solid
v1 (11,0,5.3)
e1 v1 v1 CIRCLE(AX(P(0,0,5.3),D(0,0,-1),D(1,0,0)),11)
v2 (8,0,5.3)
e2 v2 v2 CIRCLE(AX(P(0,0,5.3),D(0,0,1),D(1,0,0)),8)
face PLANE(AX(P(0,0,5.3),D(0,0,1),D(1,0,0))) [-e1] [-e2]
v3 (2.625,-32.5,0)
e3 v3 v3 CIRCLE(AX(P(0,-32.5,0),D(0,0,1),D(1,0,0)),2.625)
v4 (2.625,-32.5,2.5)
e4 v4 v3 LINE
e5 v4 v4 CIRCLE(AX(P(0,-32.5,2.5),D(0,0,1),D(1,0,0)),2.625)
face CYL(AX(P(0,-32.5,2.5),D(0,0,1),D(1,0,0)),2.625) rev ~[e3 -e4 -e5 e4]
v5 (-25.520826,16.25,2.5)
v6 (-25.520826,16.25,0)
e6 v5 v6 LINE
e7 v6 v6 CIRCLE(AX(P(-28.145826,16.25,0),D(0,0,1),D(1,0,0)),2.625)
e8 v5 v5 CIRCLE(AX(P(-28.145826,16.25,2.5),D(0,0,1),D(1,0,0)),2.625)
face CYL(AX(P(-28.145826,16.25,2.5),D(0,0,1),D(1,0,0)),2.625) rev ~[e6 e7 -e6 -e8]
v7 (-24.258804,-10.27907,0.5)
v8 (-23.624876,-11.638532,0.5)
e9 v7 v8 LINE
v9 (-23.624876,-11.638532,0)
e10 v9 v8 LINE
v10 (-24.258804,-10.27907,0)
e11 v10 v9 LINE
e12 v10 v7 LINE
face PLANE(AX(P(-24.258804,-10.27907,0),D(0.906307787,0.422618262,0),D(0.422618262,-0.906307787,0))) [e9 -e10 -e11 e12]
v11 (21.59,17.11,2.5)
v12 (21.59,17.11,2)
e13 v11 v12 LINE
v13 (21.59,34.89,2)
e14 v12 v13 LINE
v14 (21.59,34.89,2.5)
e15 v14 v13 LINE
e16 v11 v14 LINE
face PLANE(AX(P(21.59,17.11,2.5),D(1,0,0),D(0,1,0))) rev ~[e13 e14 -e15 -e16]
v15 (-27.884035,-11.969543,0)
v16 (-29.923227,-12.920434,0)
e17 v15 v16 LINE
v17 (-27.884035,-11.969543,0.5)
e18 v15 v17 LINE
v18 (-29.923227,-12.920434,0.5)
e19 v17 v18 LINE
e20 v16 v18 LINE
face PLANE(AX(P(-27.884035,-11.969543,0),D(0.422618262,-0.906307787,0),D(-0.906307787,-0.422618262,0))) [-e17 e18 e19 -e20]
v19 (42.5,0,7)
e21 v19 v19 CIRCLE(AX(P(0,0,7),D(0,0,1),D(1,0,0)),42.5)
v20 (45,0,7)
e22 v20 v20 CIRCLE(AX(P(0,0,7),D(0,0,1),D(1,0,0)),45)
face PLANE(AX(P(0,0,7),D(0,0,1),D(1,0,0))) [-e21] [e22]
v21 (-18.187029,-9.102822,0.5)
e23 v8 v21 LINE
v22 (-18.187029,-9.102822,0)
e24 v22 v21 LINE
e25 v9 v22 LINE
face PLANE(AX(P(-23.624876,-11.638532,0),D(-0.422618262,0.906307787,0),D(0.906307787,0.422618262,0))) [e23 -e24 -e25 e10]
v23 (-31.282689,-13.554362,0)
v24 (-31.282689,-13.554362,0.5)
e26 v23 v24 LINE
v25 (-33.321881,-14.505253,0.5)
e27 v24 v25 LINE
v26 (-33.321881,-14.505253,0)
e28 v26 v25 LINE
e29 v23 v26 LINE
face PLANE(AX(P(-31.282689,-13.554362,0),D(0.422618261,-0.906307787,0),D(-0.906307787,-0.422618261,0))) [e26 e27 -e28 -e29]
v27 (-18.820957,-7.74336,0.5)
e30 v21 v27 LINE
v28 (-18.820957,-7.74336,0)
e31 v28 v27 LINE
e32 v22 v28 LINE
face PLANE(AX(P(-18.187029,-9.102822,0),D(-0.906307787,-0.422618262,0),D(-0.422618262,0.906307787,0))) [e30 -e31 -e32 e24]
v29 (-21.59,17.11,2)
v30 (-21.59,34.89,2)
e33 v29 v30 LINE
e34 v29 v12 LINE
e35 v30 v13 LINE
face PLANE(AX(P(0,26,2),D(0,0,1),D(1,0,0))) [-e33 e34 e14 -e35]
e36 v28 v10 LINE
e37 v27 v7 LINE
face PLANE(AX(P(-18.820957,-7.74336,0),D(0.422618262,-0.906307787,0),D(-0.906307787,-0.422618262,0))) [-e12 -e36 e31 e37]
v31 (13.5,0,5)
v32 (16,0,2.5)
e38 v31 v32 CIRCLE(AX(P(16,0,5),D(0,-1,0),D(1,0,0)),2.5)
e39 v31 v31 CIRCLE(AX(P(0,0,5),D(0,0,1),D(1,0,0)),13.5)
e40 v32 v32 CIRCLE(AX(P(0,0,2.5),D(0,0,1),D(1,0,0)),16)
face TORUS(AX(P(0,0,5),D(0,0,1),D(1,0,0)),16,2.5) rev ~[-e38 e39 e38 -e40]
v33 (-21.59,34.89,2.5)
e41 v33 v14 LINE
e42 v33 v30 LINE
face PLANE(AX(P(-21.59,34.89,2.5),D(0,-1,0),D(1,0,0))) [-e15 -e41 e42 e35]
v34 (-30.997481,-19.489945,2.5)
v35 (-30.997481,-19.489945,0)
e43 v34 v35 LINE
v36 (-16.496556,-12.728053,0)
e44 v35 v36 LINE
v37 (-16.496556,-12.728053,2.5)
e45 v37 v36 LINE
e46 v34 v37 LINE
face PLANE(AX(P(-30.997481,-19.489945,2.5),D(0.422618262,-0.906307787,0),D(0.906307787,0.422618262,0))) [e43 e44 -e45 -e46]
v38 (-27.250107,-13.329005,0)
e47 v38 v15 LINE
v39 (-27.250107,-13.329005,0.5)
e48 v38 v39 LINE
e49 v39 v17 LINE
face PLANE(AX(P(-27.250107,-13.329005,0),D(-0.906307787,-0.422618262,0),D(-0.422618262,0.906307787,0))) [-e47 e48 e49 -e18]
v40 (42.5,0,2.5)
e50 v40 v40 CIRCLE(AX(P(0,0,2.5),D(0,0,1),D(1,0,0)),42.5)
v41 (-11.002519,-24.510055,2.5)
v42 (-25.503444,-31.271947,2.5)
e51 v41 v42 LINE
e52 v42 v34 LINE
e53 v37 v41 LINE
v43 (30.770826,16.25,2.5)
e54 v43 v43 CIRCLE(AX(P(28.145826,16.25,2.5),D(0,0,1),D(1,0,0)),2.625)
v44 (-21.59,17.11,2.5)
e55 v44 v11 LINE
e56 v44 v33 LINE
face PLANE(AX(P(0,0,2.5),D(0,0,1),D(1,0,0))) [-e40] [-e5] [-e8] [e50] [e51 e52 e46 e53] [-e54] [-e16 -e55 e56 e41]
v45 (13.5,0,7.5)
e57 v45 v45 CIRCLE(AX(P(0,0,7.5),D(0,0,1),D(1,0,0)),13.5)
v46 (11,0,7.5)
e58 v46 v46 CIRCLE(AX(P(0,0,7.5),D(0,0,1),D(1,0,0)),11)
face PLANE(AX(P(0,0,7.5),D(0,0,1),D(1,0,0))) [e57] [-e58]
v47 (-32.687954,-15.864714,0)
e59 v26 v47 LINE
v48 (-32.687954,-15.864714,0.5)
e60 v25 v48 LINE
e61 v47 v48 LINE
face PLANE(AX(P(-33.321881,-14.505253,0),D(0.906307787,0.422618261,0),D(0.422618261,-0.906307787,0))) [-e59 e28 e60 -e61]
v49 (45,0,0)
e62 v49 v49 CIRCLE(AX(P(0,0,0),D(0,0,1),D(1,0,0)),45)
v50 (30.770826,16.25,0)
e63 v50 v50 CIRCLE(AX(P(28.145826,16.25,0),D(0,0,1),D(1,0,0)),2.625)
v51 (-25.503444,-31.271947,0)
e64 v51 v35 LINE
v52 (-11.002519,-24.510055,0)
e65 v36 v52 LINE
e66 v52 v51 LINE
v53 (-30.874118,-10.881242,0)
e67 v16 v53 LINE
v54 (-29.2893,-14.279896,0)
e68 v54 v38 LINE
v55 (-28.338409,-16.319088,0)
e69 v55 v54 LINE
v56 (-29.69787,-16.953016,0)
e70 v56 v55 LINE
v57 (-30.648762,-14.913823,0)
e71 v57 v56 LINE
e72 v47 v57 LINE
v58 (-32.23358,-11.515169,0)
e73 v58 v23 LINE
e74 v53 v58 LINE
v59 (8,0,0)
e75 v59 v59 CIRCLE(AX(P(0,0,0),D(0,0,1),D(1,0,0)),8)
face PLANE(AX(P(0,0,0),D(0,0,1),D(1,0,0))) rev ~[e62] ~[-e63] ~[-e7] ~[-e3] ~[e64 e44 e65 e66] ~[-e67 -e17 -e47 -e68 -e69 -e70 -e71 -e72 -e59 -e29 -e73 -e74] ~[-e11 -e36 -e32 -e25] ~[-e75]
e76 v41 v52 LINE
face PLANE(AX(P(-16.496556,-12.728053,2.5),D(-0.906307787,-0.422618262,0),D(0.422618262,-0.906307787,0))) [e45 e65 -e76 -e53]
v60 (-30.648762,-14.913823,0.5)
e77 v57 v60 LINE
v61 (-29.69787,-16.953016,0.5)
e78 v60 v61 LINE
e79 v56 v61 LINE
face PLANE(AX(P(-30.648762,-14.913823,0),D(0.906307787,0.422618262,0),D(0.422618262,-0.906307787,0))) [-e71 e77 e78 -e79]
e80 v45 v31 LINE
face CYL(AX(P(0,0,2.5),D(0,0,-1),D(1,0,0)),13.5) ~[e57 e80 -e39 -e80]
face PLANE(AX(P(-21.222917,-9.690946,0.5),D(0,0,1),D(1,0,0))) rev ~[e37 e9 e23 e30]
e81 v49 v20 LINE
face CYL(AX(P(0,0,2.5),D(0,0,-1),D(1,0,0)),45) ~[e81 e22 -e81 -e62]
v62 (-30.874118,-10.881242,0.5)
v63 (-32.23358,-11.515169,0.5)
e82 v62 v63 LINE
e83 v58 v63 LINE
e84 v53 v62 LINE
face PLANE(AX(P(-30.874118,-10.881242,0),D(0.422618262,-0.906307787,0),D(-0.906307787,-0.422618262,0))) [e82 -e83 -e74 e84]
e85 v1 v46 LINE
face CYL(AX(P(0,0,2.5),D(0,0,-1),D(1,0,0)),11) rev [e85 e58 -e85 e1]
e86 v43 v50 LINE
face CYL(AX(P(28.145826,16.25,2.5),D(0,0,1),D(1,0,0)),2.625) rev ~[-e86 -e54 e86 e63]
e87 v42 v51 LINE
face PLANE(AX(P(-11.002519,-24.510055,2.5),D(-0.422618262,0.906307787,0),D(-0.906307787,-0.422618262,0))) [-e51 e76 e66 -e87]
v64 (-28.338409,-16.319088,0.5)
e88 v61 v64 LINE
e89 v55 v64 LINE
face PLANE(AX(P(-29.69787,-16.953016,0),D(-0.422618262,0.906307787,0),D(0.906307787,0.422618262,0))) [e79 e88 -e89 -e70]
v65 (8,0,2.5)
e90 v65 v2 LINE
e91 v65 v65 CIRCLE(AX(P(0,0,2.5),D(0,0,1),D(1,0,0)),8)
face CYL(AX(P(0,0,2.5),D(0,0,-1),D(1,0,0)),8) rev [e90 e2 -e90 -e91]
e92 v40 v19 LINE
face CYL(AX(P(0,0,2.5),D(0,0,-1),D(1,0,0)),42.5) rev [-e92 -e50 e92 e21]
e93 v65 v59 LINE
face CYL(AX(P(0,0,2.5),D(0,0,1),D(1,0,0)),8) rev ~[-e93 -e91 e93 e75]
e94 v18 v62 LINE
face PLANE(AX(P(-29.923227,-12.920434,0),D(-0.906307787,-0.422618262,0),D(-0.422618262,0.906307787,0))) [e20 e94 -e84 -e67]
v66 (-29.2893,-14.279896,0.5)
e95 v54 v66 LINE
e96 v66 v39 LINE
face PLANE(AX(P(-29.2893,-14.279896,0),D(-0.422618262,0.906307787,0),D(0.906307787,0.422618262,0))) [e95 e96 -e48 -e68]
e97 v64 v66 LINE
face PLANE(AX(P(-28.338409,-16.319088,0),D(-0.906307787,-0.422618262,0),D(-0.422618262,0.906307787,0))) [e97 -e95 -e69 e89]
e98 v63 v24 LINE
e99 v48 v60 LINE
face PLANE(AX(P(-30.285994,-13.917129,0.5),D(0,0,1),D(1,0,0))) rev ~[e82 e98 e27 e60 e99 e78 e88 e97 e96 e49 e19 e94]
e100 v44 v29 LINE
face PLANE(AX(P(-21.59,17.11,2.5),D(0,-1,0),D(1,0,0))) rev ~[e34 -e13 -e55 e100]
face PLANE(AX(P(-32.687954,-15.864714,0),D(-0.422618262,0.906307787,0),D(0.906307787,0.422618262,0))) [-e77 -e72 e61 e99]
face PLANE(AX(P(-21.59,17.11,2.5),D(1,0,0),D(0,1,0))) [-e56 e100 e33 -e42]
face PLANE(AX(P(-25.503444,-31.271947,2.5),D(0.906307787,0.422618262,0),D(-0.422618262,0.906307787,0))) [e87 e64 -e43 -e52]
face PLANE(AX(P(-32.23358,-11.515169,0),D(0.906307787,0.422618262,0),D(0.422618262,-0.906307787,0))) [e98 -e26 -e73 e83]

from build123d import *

# Parameters (mm, degrees)
SKETCH1_R               = 45
BOSS_EXTRUDE1_DEPTH     = 2.5
SKETCH2_R               = 45
SKETCH2_R_2             = 42.5
BOSS_EXTRUDE2_DEPTH     = 4.5
SKETCH3_R               = 8
CUT_EXTRUDE1_DEPTH      = 10
SKETCH5_R               = 13.5
SKETCH5_R_2             = 11
BOSS_EXTRUDE3_DEPTH     = 5
SKETCH7_W               = 43.18
SKETCH7_H               = 17.78
CUT_EXTRUDE2_DEPTH      = 0.5
CUT_EXTRUDE3_DEPTH      = 5
CUT_EXTRUDE4_DEPTH      = 0.5
SKETCH11_R              = 13.5
SKETCH11_R_2            = 8
BOSS_EXTRUDE4_DEPTH     = 2.8
SKETCH14_R              = 2.625
CUT_EXTRUDE5_DEPTH      = 6
CUT_EXTRUDE5_DEPTH_BACK = 3.5
FILLET1_R               = 2.5


with BuildPart() as part:
    # Sketch1 → Boss-Extrude1 (new body)
    with BuildSketch(Plane.XY):
        Circle(SKETCH1_R)
    extrude(amount=BOSS_EXTRUDE1_DEPTH)

    # Sketch2 → Boss-Extrude2 (add)
    with BuildSketch(Plane.XY.offset(2.5)):
        Circle(SKETCH2_R)
        Circle(SKETCH2_R_2, mode=Mode.SUBTRACT)
    extrude(amount=BOSS_EXTRUDE2_DEPTH)

    # Sketch3 → Cut-Extrude1 (cut)
    with BuildSketch(Plane.XY.offset(2.5)):
        Circle(SKETCH3_R)
    extrude(amount=-CUT_EXTRUDE1_DEPTH, mode=Mode.SUBTRACT)

    # Sketch5 → Boss-Extrude3 (add)
    with BuildSketch(Plane.XY.offset(2.5)):
        Circle(SKETCH5_R)
        Circle(SKETCH5_R_2, mode=Mode.SUBTRACT)
    extrude(amount=BOSS_EXTRUDE3_DEPTH)

    # Sketch7 → Cut-Extrude2 (cut)
    with BuildSketch(Plane.XY.offset(2.5)):
        with Locations((0, 26)):
            Rectangle(SKETCH7_W, SKETCH7_H)
    extrude(amount=-CUT_EXTRUDE2_DEPTH, mode=Mode.SUBTRACT)

    # Sketch8 → Cut-Extrude3 (cut)
    with BuildSketch(Plane.XY.offset(2.5)):
        Polygon((-16.496556405, -12.72805329), (-11.002519002, -24.510054522), (-25.503443595, -31.27194671), (-30.997480998, -19.489945478), align=None)
    extrude(amount=-CUT_EXTRUDE3_DEPTH, mode=Mode.SUBTRACT)

    # Sketch9 → Cut-Extrude4 (cut)
    with BuildSketch(Plane(origin=(0, 0, 0), x_dir=(-1, 0, 0), z_dir=(0, 0, -1))):
        Polygon((27.250107322, -13.32900476), (27.884034715, -11.969543079), (29.923227236, -12.920434168), (30.874118325, -10.881241647), (32.233580005, -11.51516904), (31.282688916, -13.554361561), (33.321881437, -14.505252649), (32.687954045, -15.86471433), (30.648761524, -14.913823241), (29.697870435, -16.953015762), (28.338408754, -16.319088369), (29.289299843, -14.279895849), align=None)
        Polygon((18.187029452, -9.102822142), (18.820956845, -7.743360462), (24.258803567, -10.279070032), (23.624876174, -11.638531713), align=None)
    extrude(amount=-CUT_EXTRUDE4_DEPTH, mode=Mode.SUBTRACT)

    # Sketch11 → Boss-Extrude4 (add)
    with BuildSketch(Plane.XY.offset(2.5)):
        Circle(SKETCH11_R)
        Circle(SKETCH11_R_2, mode=Mode.SUBTRACT)
    extrude(amount=BOSS_EXTRUDE4_DEPTH)

    # Sketch14 → Cut-Extrude5 (cut, two sides)
    with BuildSketch(Plane.XY.offset(2.5)) as cut_extrude5_sk:
        with Locations((0, -32.5)):
            Circle(SKETCH14_R)
        with Locations((-28.145825623, 16.25)):
            Circle(SKETCH14_R)
        with Locations((28.145825623, 16.25)):
            Circle(SKETCH14_R)
    extrude(amount=CUT_EXTRUDE5_DEPTH, mode=Mode.SUBTRACT)
    extrude(cut_extrude5_sk.sketch, amount=-CUT_EXTRUDE5_DEPTH_BACK, mode=Mode.SUBTRACT)

    # Fillet1
    fillet1_edges = [part.edges().sort_by_distance(p)[0] for p in [
        (-13.5, 0, 2.5),
    ]]
    fillet(fillet1_edges, radius=FILLET1_R)


solid = part.part
